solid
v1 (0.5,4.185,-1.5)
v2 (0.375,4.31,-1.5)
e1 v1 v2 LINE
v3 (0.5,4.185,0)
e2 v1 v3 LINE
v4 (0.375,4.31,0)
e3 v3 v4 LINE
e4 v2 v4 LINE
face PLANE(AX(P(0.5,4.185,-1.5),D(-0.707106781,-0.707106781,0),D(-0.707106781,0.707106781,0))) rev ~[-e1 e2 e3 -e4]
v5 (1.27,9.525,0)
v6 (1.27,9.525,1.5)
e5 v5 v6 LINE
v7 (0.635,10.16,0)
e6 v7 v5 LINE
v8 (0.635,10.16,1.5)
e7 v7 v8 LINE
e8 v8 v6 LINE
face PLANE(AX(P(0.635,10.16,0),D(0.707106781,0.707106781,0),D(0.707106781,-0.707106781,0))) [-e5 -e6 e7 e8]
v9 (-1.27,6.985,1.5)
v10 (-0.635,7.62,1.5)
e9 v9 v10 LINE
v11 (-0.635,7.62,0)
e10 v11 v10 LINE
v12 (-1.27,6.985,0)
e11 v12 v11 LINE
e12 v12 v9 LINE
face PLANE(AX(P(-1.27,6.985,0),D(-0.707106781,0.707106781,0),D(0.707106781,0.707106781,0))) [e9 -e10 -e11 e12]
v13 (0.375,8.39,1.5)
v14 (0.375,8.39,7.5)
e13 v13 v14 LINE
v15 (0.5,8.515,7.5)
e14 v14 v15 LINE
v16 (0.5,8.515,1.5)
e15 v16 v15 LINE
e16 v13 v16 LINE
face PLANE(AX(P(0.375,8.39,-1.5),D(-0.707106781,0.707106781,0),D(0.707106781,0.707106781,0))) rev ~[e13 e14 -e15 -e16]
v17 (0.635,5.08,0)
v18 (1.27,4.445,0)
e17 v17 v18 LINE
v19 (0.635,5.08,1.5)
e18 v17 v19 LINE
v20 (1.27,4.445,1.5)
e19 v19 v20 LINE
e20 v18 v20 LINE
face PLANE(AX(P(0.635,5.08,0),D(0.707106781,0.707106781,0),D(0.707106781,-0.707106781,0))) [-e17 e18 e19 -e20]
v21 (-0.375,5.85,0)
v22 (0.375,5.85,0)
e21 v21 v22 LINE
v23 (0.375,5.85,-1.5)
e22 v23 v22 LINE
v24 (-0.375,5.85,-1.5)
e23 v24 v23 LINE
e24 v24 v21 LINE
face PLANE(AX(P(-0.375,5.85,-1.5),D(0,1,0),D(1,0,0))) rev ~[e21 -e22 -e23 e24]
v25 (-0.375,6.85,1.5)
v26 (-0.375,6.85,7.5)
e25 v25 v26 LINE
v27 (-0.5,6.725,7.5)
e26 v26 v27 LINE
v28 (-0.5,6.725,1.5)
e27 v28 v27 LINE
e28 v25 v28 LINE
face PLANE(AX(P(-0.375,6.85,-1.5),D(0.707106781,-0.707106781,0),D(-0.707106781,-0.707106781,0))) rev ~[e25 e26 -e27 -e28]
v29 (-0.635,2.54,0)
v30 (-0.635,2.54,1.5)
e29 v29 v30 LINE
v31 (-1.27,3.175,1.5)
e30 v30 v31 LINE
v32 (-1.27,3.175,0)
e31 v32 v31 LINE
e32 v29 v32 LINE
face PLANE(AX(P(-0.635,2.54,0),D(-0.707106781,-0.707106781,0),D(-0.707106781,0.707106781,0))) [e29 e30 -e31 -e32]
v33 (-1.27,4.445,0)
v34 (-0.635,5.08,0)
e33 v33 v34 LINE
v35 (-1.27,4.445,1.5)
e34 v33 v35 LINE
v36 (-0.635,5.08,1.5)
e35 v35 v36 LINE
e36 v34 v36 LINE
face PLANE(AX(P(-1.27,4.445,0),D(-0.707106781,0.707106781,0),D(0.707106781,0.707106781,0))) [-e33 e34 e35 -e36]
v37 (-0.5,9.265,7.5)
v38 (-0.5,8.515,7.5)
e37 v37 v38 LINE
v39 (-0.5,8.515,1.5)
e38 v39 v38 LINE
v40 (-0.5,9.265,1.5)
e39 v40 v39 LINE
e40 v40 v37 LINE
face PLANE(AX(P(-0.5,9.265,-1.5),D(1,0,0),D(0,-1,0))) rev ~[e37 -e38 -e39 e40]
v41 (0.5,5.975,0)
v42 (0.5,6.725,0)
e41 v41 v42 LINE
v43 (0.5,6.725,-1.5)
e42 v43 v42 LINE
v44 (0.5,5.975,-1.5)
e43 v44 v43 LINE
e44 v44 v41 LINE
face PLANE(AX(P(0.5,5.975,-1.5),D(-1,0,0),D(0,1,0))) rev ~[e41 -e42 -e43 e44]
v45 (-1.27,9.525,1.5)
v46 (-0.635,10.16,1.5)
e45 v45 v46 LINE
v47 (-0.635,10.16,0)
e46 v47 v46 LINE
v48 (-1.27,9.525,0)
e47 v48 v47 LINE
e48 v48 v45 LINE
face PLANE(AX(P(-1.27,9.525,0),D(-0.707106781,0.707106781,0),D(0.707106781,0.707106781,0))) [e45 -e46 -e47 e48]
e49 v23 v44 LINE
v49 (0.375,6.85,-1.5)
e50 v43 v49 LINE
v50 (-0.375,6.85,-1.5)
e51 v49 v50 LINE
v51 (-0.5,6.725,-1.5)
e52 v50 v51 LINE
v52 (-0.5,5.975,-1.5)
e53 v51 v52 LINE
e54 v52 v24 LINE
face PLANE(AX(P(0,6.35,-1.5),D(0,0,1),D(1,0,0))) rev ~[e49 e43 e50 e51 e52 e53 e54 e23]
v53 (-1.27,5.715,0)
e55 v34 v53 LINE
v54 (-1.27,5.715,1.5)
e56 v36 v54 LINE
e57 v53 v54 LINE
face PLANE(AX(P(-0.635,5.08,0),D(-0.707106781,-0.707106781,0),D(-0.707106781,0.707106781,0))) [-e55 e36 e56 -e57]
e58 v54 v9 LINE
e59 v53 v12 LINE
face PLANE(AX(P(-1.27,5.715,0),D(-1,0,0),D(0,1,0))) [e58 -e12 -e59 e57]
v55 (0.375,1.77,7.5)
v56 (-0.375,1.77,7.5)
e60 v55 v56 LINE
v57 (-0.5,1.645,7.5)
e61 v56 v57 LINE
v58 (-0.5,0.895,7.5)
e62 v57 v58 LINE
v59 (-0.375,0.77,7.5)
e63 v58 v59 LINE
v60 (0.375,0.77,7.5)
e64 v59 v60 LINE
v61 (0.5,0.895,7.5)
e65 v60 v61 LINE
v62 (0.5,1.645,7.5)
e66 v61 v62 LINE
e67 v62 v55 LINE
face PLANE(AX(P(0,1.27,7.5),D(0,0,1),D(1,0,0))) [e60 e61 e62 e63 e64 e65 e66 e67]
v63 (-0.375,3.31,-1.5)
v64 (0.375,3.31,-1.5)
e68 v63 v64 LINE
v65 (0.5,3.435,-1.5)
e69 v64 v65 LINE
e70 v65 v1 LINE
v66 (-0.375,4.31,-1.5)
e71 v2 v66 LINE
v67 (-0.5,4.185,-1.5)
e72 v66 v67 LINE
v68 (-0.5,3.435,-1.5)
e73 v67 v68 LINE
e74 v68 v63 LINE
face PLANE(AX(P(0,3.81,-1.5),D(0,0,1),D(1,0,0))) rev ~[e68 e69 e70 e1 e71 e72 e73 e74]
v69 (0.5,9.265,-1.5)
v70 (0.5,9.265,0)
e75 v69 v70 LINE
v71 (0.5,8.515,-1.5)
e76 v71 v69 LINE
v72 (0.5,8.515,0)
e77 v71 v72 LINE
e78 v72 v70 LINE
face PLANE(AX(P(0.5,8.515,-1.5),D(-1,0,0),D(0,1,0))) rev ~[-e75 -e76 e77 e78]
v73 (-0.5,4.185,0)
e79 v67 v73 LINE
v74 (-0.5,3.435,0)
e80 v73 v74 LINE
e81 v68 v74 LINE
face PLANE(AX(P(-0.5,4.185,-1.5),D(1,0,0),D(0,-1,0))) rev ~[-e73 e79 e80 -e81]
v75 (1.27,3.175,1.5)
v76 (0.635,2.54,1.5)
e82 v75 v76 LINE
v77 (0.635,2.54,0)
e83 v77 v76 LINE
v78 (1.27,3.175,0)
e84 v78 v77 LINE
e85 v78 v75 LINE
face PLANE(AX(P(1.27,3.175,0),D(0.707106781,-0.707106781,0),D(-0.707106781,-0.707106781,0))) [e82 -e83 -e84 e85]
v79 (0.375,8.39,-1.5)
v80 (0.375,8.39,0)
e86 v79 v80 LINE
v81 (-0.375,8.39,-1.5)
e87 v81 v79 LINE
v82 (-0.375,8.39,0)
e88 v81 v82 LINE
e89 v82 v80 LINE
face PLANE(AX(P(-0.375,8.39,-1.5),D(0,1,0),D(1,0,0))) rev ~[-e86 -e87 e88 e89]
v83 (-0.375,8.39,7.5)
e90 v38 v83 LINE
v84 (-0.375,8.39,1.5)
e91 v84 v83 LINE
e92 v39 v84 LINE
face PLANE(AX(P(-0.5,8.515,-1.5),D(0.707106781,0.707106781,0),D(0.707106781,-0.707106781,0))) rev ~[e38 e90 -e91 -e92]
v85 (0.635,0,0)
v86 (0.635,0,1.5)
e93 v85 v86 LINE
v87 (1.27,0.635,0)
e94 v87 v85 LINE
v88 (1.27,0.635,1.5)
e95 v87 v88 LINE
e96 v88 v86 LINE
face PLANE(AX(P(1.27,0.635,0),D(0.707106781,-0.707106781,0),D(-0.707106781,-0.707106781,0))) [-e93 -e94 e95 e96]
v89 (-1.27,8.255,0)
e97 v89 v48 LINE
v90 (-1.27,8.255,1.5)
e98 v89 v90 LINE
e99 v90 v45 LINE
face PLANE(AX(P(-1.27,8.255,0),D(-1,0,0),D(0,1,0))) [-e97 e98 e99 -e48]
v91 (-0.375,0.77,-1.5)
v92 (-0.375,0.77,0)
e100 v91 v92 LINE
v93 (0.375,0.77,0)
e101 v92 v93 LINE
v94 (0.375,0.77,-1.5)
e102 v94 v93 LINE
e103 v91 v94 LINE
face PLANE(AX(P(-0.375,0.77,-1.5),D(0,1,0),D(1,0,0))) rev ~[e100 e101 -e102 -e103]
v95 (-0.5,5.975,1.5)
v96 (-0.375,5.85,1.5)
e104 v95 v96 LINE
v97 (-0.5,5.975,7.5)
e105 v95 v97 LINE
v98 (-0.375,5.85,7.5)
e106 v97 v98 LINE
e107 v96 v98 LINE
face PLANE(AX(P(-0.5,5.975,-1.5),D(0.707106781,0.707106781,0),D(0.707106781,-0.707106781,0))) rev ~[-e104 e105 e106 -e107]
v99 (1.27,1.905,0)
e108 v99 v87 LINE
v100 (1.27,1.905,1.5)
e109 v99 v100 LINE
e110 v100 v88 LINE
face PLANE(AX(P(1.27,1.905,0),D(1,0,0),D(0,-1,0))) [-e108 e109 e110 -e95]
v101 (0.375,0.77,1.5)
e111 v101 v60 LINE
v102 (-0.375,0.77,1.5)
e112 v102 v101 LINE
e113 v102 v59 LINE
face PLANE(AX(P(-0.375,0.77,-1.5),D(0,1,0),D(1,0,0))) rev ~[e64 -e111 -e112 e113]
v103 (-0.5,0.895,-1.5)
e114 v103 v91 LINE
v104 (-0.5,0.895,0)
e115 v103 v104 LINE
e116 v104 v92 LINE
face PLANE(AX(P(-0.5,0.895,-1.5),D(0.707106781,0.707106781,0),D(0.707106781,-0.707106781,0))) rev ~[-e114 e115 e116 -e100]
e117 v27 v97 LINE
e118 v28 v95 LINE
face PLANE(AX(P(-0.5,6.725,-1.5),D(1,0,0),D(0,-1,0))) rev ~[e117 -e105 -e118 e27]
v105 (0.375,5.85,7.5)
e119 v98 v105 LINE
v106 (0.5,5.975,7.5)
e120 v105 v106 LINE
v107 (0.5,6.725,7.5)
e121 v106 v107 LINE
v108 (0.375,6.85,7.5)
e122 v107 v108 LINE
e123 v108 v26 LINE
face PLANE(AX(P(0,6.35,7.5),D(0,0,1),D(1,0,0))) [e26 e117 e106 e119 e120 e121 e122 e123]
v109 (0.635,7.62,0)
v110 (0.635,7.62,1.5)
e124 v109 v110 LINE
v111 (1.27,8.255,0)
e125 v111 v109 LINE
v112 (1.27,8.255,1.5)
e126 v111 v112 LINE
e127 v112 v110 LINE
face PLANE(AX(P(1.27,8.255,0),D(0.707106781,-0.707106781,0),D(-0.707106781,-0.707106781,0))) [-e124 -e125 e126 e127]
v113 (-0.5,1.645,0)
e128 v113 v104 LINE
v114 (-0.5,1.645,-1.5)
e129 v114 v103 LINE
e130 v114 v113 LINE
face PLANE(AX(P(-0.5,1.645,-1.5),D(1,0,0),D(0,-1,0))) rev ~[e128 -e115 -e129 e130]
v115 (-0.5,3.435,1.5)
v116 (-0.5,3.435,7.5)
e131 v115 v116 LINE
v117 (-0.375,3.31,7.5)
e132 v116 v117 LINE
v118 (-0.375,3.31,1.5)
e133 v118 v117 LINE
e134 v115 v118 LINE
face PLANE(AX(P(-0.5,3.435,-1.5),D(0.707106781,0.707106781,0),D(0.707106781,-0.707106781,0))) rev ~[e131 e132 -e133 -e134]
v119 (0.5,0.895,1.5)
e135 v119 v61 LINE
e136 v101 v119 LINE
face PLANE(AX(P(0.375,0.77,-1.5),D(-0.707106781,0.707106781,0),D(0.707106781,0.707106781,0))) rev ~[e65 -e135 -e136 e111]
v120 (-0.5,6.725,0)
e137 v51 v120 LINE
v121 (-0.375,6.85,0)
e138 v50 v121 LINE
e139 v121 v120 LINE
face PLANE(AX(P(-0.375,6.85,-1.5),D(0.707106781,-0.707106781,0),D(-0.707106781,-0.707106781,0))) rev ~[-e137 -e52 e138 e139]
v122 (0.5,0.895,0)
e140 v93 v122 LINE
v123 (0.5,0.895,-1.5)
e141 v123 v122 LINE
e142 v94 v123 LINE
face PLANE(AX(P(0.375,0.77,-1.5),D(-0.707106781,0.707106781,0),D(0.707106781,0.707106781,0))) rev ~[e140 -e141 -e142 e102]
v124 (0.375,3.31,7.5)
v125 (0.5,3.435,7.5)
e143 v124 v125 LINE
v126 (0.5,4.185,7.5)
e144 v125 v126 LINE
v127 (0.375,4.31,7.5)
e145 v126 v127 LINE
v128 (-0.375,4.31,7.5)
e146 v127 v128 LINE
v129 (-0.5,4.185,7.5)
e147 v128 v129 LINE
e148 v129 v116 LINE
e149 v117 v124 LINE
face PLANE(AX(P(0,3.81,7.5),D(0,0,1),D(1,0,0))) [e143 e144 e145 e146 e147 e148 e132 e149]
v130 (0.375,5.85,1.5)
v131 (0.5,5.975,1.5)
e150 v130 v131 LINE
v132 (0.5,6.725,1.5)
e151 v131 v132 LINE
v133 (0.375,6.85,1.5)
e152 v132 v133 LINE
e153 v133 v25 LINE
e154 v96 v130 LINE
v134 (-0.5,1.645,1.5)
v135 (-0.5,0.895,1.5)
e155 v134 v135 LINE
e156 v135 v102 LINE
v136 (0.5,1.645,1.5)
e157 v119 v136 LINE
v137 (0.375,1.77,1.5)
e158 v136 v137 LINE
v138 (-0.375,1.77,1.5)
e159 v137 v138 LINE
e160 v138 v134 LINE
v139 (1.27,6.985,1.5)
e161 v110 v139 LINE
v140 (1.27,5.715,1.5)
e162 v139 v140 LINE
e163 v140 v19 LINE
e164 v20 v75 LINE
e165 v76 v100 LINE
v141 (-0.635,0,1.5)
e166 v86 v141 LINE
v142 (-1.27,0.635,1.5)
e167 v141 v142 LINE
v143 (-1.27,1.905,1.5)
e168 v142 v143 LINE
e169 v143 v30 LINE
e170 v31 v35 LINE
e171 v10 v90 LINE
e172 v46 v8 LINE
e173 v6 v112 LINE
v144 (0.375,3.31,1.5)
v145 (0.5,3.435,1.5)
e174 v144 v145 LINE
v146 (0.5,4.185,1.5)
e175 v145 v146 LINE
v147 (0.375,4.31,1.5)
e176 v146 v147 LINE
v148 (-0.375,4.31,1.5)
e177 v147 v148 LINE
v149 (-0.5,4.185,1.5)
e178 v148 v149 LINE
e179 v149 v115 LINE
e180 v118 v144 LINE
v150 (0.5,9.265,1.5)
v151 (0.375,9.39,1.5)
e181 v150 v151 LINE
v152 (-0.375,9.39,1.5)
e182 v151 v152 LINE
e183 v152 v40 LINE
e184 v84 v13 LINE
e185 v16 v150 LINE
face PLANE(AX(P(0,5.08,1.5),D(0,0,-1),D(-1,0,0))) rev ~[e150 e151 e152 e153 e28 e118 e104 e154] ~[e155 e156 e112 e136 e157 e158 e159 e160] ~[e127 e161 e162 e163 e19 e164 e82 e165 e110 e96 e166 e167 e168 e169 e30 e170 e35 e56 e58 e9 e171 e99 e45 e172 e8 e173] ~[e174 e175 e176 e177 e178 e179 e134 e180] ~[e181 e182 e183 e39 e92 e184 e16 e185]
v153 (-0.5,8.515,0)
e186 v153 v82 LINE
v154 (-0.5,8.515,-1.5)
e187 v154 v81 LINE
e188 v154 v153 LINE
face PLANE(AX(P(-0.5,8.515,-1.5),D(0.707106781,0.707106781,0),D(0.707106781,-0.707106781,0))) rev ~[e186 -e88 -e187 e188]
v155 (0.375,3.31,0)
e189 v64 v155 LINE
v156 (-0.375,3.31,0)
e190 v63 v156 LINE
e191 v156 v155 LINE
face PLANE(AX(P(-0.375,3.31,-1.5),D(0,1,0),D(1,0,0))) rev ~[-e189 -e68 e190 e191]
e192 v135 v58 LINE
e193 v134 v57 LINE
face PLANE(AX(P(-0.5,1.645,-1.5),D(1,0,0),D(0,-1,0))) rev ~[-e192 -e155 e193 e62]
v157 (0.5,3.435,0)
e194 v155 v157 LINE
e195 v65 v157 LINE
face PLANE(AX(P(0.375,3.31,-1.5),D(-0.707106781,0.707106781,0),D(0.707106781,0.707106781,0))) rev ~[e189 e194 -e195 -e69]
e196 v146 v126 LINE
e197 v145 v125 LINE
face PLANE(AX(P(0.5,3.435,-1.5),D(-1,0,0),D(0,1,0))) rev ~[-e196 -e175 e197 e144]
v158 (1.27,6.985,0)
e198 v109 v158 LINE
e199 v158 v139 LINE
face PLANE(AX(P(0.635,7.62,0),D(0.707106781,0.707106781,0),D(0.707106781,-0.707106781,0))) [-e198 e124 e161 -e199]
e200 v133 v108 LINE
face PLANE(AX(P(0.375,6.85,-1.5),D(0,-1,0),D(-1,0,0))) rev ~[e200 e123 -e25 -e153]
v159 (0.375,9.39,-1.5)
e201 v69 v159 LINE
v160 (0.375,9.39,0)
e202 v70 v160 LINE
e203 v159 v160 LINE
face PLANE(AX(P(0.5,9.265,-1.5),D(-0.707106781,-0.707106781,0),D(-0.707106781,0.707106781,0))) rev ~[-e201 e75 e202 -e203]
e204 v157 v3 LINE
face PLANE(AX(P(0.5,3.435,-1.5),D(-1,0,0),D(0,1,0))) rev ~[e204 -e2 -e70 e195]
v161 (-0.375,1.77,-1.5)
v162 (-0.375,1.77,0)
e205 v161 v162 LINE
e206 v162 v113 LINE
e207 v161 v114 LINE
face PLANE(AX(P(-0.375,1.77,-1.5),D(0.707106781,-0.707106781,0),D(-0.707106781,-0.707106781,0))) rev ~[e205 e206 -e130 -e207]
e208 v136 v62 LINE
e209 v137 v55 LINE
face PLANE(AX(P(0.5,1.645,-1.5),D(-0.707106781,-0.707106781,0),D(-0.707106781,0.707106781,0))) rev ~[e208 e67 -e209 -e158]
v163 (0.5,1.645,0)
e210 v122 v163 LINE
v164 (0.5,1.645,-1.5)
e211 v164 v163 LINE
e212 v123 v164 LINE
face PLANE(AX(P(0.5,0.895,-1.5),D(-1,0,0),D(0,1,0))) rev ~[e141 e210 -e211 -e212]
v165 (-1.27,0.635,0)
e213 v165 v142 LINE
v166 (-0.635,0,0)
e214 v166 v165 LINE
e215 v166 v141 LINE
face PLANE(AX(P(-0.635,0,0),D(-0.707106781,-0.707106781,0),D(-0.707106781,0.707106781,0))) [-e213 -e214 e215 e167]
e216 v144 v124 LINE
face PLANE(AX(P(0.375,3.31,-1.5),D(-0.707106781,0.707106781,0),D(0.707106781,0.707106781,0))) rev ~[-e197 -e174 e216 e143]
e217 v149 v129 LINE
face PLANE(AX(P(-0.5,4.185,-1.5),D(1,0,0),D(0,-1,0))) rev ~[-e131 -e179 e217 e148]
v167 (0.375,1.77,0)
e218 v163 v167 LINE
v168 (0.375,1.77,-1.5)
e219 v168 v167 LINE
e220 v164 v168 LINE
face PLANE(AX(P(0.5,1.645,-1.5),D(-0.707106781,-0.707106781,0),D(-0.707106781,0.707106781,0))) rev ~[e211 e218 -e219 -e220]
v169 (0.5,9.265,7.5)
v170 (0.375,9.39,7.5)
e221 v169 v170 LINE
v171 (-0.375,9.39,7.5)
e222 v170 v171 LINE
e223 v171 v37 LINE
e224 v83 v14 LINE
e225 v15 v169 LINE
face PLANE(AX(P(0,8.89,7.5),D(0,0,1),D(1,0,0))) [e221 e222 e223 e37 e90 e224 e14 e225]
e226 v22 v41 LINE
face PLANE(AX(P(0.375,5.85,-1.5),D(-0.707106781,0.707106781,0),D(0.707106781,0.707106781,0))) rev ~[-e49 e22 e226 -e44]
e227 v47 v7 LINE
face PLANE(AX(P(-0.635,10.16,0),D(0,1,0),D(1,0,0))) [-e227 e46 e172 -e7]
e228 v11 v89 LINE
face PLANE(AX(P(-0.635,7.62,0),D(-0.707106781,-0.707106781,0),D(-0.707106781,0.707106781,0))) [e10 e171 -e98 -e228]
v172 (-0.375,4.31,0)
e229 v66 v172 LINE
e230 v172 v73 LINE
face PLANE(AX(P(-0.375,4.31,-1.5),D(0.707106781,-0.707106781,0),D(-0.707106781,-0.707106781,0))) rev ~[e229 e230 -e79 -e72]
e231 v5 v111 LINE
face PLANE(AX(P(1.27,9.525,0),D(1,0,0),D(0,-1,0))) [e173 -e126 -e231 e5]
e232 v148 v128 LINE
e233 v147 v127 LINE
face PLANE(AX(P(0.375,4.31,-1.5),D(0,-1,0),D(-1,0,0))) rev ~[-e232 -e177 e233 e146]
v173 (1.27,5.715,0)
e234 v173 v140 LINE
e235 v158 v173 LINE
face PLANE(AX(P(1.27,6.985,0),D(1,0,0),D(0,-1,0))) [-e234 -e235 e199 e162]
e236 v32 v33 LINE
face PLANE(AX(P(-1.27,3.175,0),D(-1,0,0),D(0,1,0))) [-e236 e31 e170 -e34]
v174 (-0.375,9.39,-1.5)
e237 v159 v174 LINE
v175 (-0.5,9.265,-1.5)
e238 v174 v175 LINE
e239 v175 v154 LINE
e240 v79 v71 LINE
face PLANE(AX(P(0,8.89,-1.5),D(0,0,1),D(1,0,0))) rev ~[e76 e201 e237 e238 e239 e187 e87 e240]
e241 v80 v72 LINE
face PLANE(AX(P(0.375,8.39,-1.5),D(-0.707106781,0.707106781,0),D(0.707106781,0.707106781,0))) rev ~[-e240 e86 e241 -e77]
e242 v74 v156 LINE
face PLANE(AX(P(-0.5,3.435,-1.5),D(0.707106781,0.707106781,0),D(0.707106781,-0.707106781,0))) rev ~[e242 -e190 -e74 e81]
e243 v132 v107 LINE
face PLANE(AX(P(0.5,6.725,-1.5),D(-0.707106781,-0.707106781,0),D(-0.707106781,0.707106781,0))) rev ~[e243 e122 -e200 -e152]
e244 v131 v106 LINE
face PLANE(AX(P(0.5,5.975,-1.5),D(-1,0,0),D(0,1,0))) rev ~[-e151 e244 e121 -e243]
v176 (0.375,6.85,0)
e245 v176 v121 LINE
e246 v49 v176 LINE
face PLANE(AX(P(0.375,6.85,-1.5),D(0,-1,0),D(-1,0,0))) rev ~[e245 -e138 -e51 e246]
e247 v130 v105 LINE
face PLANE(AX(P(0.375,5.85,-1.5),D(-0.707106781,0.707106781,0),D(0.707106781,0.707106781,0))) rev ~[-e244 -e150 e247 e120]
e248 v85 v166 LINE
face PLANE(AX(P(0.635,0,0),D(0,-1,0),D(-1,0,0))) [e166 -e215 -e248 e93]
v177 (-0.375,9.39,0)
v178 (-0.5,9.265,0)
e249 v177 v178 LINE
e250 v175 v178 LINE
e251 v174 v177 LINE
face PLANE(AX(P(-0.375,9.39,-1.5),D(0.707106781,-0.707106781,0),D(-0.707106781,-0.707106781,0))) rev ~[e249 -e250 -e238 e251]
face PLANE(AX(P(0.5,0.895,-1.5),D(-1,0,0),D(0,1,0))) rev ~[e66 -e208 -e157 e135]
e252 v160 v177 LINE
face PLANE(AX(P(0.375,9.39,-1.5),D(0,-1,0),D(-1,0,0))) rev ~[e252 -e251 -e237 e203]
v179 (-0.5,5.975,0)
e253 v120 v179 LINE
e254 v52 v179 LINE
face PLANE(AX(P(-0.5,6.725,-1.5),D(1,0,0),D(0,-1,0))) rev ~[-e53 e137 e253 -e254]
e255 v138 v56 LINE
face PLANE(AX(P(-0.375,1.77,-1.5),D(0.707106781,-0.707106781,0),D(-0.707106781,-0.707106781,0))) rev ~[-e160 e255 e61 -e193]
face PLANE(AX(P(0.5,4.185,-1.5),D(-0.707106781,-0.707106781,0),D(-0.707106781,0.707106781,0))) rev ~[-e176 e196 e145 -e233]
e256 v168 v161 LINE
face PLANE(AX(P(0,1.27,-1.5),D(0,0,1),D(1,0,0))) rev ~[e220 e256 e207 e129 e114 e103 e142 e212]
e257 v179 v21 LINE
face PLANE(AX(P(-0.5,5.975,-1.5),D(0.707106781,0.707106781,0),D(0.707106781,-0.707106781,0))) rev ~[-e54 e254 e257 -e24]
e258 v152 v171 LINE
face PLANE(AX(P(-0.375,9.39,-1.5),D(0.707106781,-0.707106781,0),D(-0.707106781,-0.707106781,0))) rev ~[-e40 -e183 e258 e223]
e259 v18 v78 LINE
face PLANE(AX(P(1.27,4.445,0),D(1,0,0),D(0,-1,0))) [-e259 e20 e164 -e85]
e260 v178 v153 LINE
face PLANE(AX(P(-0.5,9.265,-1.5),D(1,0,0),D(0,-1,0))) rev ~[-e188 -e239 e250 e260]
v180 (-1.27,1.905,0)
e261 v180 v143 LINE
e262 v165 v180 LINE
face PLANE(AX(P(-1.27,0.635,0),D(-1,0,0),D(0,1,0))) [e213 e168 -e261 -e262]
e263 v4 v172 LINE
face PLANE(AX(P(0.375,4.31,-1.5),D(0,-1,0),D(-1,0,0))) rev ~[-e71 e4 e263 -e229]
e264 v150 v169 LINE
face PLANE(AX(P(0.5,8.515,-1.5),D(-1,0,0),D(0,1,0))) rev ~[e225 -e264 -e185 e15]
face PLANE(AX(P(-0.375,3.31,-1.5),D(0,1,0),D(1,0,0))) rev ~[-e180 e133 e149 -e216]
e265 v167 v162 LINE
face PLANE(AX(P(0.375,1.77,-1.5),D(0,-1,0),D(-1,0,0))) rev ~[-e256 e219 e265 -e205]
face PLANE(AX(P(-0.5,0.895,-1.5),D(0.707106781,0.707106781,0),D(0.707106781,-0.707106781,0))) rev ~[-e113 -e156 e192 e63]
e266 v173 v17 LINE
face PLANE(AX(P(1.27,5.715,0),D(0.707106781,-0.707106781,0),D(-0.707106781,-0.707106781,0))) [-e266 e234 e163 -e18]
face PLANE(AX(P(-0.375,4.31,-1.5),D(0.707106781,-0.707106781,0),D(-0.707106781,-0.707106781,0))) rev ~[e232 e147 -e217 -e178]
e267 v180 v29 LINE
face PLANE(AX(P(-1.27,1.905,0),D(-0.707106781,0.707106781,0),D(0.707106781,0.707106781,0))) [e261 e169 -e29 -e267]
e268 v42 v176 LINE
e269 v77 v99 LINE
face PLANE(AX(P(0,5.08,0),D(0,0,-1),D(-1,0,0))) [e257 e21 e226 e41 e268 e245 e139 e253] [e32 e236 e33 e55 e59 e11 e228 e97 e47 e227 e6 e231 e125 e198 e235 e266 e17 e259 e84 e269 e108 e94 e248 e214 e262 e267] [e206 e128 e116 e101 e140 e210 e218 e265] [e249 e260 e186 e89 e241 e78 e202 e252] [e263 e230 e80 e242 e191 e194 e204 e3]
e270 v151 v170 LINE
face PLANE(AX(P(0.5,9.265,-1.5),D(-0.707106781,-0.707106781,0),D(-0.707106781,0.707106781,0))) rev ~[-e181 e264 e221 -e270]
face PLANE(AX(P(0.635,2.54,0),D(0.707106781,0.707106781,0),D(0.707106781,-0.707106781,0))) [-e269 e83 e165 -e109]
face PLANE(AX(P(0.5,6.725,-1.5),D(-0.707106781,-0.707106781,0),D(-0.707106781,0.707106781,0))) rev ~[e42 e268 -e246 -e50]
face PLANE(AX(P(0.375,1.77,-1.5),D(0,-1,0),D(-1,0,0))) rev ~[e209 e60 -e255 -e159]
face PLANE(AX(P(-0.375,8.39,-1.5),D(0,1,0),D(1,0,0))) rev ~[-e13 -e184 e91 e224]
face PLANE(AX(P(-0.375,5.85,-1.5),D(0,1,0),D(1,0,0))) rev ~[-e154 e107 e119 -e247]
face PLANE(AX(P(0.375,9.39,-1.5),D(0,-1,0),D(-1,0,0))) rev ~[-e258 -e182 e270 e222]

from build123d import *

# Parameters (mm, degrees)
BOSS_EXTRUDE1_DEPTH      = 1.5
BOSS_EXTRUDE2_DEPTH      = 6
BOSS_EXTRUDE2_DEPTH_BACK = 3


with BuildPart() as part:
    # Sketch1 → Boss-Extrude1 (new body)
    with BuildSketch(Plane.XY):
        Polygon((-0.635, 10.16), (0.635, 10.16), (1.27, 9.525), (1.27, 8.255), (0.635, 7.62), (1.27, 6.985), (1.27, 5.715), (0.635, 5.08), (1.27, 4.445), (1.27, 3.175), (0.635, 2.54), (1.27, 1.905), (1.27, 0.635), (0.635, 0), (-0.635, 0), (-1.27, 0.635), (-1.27, 1.905), (-0.635, 2.54), (-1.27, 3.175), (-1.27, 4.445), (-0.635, 5.08), (-1.27, 5.715), (-1.27, 6.985), (-0.635, 7.62), (-1.27, 8.255), (-1.27, 9.525), align=None)
    extrude(amount=BOSS_EXTRUDE1_DEPTH)

    # Sketch2 → Boss-Extrude2 (add, two sides: drawn at the far end of the back side and taken through both)
    with BuildSketch(Plane.XY.offset(1.5).offset(-BOSS_EXTRUDE2_DEPTH_BACK)):
        Polygon((0.5, 9.265), (0.375, 9.39), (-0.375, 9.39), (-0.5, 9.265), (-0.5, 8.515), (-0.375, 8.39), (0.375, 8.39), (0.5, 8.515), align=None)
        Polygon((0.5, 6.725), (0.375, 6.85), (-0.375, 6.85), (-0.5, 6.725), (-0.5, 5.975), (-0.375, 5.85), (0.375, 5.85), (0.5, 5.975), align=None)
        Polygon((0.5, 4.185), (0.375, 4.31), (-0.375, 4.31), (-0.5, 4.185), (-0.5, 3.435), (-0.375, 3.31), (0.375, 3.31), (0.5, 3.435), align=None)
        Polygon((0.5, 1.645), (0.375, 1.77), (-0.375, 1.77), (-0.5, 1.645), (-0.5, 0.895), (-0.375, 0.77), (0.375, 0.77), (0.5, 0.895), align=None)
    extrude(amount=BOSS_EXTRUDE2_DEPTH + BOSS_EXTRUDE2_DEPTH_BACK)


solid = part.part
